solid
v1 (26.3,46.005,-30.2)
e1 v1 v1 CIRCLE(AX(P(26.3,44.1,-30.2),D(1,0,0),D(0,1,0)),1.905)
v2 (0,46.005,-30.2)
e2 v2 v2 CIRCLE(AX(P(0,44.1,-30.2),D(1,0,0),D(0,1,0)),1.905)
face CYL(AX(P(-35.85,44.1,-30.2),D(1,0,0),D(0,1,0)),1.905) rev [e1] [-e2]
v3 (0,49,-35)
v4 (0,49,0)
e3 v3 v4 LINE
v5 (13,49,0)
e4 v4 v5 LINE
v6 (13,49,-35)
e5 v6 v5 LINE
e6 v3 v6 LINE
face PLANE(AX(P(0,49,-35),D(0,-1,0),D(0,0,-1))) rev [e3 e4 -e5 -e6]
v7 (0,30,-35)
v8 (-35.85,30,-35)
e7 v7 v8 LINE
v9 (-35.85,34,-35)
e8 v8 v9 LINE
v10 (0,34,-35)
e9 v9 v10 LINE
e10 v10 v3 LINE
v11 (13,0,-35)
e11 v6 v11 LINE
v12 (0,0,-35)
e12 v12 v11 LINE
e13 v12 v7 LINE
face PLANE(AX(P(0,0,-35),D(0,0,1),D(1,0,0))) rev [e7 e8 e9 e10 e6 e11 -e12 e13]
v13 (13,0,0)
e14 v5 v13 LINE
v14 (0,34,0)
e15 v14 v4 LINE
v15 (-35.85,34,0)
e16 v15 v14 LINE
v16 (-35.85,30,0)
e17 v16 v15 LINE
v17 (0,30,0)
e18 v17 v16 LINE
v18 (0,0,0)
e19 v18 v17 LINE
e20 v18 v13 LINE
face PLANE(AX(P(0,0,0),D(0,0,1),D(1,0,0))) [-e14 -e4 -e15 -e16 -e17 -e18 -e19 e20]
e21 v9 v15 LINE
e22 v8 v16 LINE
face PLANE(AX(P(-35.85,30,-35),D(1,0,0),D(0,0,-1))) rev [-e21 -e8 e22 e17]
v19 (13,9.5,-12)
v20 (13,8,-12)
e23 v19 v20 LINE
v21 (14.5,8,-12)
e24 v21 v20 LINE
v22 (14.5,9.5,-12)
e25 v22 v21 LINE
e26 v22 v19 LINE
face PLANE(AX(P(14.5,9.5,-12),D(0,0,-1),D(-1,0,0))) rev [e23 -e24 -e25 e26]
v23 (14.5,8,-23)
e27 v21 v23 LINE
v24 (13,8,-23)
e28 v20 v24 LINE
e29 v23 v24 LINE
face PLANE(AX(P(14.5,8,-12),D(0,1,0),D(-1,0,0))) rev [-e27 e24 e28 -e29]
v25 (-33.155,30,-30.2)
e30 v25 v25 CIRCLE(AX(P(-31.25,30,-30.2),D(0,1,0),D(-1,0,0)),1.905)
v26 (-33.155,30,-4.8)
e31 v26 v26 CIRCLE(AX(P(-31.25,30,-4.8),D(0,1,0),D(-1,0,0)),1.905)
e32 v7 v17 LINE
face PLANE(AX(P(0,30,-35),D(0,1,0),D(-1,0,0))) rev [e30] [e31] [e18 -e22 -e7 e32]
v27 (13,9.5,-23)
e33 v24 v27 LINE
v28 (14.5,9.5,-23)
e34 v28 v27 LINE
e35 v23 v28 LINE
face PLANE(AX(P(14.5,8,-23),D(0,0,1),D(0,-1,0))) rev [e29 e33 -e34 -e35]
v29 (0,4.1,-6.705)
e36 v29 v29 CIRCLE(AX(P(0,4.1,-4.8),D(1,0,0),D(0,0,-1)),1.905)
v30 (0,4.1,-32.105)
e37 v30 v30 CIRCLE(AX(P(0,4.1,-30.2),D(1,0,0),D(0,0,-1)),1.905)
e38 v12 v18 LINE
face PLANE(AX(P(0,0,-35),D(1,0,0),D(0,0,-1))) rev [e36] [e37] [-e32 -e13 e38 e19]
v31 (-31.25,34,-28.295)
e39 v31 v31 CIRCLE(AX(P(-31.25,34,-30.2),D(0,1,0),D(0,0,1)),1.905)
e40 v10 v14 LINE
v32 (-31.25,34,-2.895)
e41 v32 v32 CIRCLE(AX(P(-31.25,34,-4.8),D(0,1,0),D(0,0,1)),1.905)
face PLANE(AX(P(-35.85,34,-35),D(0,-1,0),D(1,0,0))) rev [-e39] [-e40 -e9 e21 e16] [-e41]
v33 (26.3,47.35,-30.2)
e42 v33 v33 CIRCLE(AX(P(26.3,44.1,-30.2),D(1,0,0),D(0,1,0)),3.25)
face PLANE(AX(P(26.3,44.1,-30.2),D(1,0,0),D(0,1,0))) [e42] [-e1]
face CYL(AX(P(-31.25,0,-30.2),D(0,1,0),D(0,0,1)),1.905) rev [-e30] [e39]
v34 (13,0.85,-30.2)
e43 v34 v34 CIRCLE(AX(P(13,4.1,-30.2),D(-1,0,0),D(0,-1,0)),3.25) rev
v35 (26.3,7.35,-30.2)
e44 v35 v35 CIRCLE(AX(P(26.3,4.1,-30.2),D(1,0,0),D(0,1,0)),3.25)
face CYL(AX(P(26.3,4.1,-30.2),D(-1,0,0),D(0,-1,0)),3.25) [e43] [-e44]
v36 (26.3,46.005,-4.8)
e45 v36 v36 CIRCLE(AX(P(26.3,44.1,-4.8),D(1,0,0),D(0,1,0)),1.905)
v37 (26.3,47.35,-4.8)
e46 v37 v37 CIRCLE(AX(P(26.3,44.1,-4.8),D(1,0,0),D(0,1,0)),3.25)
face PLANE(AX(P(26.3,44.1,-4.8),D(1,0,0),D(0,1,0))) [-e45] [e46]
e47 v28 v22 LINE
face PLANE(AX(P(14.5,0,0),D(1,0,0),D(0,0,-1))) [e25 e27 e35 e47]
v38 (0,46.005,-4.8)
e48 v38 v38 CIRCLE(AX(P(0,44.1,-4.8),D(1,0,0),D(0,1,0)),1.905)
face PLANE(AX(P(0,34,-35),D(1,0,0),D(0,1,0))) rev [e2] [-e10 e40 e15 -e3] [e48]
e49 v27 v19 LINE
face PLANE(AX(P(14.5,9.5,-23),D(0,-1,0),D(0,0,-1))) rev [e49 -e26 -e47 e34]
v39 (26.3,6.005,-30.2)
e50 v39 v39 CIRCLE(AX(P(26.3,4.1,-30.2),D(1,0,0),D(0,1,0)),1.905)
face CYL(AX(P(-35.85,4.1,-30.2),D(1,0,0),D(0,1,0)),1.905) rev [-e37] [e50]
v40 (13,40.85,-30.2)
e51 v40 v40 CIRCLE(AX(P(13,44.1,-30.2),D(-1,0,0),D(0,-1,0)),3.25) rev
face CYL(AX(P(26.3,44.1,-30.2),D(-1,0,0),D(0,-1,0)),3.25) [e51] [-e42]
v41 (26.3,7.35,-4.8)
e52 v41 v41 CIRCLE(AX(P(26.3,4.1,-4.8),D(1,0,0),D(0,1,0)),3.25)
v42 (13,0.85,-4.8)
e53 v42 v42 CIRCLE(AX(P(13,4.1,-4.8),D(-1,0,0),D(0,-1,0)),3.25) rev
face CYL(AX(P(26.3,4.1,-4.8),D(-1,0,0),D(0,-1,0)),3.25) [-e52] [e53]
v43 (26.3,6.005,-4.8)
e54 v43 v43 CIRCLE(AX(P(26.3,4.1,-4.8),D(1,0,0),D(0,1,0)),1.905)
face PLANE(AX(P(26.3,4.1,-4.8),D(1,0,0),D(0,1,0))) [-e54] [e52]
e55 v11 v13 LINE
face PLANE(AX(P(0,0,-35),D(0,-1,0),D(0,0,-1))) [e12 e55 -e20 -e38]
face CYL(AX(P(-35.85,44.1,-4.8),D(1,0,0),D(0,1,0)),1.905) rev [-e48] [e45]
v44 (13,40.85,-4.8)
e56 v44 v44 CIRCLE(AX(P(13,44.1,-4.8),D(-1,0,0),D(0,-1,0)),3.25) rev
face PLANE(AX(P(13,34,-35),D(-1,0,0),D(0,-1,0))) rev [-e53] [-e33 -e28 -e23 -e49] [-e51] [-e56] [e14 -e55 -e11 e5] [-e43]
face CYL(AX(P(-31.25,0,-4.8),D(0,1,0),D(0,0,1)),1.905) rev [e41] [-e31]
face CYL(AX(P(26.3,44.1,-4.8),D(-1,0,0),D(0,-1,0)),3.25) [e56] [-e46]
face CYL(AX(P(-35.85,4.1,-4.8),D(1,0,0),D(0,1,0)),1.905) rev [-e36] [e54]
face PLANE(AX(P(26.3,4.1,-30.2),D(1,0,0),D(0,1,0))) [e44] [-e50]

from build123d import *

# Parameters (mm, degrees)
BOSS_EXTRUDE1_DEPTH = 35
SKETCH5_R           = 1.905
CUT_EXTRUDE1_DEPTH  = 35
SKETCH2_R           = 1.905
CUT_EXTRUDE2_DEPTH  = 49.85
SKETCH7_W           = 11
SKETCH7_H           = 1.5
BOSS_EXTRUDE3_DEPTH = 1.5
SKETCH8_R           = 1.905
CUT_EXTRUDE3_DEPTH  = 49.85
SKETCH11_R          = 3.25
SKETCH11_R_2        = 1.905
BOSS_EXTRUDE4_DEPTH = 13.3


with BuildPart() as part:
    # Sketch1 → Boss-Extrude1 (new body)
    with BuildSketch(Plane.XY):
        Polygon((0, 0), (13, 0), (13, 34), (13, 49), (0, 49), (0, 34), (-35.85, 34), (-35.85, 30), (0, 30), align=None)
    extrude(amount=-BOSS_EXTRUDE1_DEPTH)

    # Sketch5 → Cut-Extrude1 (cut, through all)
    with BuildSketch(Plane(origin=(0, 34, 0), x_dir=(1, 0, 0), z_dir=(0, 1, 0))):
        with Locations((-31.25, 4.8)):
            Circle(SKETCH5_R)
        with Locations((-31.25, 30.2)):
            Circle(SKETCH5_R)
    extrude(amount=-CUT_EXTRUDE1_DEPTH, mode=Mode.SUBTRACT)

    # Sketch2 → Cut-Extrude2 (cut, through all)
    with BuildSketch(Plane(origin=(13, 0, 0), x_dir=(0, 0, -1), z_dir=(1, 0, 0))):
        with Locations((4.8, 4.1)):
            Circle(SKETCH2_R)
        with Locations((30.2, 4.1)):
            Circle(SKETCH2_R)
    extrude(amount=-CUT_EXTRUDE2_DEPTH, mode=Mode.SUBTRACT)

    # Sketch7 → Boss-Extrude3 (add)
    with BuildSketch(Plane(origin=(13, 0, 0), x_dir=(0, 0, -1), z_dir=(1, 0, 0))):
        with Locations((17.5, 8.75)):
            Rectangle(SKETCH7_W, SKETCH7_H)
    extrude(amount=BOSS_EXTRUDE3_DEPTH)

    # Sketch8 → Cut-Extrude3 (cut, through all)
    with BuildSketch(Plane(origin=(13, 0, 0), x_dir=(0, 0, -1), z_dir=(1, 0, 0))):
        with Locations((4.8, 44.1)):
            Circle(SKETCH8_R)
        with Locations((30.2, 44.1)):
            Circle(SKETCH8_R)
    extrude(amount=-CUT_EXTRUDE3_DEPTH, mode=Mode.SUBTRACT)

    # Sketch11 → Boss-Extrude4 (add)
    with BuildSketch(Plane(origin=(13, 0, 0), x_dir=(0, 0, -1), z_dir=(1, 0, 0))):
        with Locations((4.8, 44.1)):
            Circle(SKETCH11_R)
        with Locations((4.8, 44.1)):
            Circle(SKETCH11_R_2, mode=Mode.SUBTRACT)
        with Locations((30.2, 44.1)):
            Circle(SKETCH11_R)
        with Locations((30.2, 44.1)):
            Circle(SKETCH11_R_2, mode=Mode.SUBTRACT)
        with Locations((30.2, 4.1)):
            Circle(SKETCH11_R)
        with Locations((30.2, 4.1)):
            Circle(SKETCH11_R_2, mode=Mode.SUBTRACT)
        with Locations((4.8, 4.1)):
            Circle(SKETCH11_R)
        with Locations((4.8, 4.1)):
            Circle(SKETCH11_R_2, mode=Mode.SUBTRACT)
    extrude(amount=BOSS_EXTRUDE4_DEPTH)


solid = part.part
